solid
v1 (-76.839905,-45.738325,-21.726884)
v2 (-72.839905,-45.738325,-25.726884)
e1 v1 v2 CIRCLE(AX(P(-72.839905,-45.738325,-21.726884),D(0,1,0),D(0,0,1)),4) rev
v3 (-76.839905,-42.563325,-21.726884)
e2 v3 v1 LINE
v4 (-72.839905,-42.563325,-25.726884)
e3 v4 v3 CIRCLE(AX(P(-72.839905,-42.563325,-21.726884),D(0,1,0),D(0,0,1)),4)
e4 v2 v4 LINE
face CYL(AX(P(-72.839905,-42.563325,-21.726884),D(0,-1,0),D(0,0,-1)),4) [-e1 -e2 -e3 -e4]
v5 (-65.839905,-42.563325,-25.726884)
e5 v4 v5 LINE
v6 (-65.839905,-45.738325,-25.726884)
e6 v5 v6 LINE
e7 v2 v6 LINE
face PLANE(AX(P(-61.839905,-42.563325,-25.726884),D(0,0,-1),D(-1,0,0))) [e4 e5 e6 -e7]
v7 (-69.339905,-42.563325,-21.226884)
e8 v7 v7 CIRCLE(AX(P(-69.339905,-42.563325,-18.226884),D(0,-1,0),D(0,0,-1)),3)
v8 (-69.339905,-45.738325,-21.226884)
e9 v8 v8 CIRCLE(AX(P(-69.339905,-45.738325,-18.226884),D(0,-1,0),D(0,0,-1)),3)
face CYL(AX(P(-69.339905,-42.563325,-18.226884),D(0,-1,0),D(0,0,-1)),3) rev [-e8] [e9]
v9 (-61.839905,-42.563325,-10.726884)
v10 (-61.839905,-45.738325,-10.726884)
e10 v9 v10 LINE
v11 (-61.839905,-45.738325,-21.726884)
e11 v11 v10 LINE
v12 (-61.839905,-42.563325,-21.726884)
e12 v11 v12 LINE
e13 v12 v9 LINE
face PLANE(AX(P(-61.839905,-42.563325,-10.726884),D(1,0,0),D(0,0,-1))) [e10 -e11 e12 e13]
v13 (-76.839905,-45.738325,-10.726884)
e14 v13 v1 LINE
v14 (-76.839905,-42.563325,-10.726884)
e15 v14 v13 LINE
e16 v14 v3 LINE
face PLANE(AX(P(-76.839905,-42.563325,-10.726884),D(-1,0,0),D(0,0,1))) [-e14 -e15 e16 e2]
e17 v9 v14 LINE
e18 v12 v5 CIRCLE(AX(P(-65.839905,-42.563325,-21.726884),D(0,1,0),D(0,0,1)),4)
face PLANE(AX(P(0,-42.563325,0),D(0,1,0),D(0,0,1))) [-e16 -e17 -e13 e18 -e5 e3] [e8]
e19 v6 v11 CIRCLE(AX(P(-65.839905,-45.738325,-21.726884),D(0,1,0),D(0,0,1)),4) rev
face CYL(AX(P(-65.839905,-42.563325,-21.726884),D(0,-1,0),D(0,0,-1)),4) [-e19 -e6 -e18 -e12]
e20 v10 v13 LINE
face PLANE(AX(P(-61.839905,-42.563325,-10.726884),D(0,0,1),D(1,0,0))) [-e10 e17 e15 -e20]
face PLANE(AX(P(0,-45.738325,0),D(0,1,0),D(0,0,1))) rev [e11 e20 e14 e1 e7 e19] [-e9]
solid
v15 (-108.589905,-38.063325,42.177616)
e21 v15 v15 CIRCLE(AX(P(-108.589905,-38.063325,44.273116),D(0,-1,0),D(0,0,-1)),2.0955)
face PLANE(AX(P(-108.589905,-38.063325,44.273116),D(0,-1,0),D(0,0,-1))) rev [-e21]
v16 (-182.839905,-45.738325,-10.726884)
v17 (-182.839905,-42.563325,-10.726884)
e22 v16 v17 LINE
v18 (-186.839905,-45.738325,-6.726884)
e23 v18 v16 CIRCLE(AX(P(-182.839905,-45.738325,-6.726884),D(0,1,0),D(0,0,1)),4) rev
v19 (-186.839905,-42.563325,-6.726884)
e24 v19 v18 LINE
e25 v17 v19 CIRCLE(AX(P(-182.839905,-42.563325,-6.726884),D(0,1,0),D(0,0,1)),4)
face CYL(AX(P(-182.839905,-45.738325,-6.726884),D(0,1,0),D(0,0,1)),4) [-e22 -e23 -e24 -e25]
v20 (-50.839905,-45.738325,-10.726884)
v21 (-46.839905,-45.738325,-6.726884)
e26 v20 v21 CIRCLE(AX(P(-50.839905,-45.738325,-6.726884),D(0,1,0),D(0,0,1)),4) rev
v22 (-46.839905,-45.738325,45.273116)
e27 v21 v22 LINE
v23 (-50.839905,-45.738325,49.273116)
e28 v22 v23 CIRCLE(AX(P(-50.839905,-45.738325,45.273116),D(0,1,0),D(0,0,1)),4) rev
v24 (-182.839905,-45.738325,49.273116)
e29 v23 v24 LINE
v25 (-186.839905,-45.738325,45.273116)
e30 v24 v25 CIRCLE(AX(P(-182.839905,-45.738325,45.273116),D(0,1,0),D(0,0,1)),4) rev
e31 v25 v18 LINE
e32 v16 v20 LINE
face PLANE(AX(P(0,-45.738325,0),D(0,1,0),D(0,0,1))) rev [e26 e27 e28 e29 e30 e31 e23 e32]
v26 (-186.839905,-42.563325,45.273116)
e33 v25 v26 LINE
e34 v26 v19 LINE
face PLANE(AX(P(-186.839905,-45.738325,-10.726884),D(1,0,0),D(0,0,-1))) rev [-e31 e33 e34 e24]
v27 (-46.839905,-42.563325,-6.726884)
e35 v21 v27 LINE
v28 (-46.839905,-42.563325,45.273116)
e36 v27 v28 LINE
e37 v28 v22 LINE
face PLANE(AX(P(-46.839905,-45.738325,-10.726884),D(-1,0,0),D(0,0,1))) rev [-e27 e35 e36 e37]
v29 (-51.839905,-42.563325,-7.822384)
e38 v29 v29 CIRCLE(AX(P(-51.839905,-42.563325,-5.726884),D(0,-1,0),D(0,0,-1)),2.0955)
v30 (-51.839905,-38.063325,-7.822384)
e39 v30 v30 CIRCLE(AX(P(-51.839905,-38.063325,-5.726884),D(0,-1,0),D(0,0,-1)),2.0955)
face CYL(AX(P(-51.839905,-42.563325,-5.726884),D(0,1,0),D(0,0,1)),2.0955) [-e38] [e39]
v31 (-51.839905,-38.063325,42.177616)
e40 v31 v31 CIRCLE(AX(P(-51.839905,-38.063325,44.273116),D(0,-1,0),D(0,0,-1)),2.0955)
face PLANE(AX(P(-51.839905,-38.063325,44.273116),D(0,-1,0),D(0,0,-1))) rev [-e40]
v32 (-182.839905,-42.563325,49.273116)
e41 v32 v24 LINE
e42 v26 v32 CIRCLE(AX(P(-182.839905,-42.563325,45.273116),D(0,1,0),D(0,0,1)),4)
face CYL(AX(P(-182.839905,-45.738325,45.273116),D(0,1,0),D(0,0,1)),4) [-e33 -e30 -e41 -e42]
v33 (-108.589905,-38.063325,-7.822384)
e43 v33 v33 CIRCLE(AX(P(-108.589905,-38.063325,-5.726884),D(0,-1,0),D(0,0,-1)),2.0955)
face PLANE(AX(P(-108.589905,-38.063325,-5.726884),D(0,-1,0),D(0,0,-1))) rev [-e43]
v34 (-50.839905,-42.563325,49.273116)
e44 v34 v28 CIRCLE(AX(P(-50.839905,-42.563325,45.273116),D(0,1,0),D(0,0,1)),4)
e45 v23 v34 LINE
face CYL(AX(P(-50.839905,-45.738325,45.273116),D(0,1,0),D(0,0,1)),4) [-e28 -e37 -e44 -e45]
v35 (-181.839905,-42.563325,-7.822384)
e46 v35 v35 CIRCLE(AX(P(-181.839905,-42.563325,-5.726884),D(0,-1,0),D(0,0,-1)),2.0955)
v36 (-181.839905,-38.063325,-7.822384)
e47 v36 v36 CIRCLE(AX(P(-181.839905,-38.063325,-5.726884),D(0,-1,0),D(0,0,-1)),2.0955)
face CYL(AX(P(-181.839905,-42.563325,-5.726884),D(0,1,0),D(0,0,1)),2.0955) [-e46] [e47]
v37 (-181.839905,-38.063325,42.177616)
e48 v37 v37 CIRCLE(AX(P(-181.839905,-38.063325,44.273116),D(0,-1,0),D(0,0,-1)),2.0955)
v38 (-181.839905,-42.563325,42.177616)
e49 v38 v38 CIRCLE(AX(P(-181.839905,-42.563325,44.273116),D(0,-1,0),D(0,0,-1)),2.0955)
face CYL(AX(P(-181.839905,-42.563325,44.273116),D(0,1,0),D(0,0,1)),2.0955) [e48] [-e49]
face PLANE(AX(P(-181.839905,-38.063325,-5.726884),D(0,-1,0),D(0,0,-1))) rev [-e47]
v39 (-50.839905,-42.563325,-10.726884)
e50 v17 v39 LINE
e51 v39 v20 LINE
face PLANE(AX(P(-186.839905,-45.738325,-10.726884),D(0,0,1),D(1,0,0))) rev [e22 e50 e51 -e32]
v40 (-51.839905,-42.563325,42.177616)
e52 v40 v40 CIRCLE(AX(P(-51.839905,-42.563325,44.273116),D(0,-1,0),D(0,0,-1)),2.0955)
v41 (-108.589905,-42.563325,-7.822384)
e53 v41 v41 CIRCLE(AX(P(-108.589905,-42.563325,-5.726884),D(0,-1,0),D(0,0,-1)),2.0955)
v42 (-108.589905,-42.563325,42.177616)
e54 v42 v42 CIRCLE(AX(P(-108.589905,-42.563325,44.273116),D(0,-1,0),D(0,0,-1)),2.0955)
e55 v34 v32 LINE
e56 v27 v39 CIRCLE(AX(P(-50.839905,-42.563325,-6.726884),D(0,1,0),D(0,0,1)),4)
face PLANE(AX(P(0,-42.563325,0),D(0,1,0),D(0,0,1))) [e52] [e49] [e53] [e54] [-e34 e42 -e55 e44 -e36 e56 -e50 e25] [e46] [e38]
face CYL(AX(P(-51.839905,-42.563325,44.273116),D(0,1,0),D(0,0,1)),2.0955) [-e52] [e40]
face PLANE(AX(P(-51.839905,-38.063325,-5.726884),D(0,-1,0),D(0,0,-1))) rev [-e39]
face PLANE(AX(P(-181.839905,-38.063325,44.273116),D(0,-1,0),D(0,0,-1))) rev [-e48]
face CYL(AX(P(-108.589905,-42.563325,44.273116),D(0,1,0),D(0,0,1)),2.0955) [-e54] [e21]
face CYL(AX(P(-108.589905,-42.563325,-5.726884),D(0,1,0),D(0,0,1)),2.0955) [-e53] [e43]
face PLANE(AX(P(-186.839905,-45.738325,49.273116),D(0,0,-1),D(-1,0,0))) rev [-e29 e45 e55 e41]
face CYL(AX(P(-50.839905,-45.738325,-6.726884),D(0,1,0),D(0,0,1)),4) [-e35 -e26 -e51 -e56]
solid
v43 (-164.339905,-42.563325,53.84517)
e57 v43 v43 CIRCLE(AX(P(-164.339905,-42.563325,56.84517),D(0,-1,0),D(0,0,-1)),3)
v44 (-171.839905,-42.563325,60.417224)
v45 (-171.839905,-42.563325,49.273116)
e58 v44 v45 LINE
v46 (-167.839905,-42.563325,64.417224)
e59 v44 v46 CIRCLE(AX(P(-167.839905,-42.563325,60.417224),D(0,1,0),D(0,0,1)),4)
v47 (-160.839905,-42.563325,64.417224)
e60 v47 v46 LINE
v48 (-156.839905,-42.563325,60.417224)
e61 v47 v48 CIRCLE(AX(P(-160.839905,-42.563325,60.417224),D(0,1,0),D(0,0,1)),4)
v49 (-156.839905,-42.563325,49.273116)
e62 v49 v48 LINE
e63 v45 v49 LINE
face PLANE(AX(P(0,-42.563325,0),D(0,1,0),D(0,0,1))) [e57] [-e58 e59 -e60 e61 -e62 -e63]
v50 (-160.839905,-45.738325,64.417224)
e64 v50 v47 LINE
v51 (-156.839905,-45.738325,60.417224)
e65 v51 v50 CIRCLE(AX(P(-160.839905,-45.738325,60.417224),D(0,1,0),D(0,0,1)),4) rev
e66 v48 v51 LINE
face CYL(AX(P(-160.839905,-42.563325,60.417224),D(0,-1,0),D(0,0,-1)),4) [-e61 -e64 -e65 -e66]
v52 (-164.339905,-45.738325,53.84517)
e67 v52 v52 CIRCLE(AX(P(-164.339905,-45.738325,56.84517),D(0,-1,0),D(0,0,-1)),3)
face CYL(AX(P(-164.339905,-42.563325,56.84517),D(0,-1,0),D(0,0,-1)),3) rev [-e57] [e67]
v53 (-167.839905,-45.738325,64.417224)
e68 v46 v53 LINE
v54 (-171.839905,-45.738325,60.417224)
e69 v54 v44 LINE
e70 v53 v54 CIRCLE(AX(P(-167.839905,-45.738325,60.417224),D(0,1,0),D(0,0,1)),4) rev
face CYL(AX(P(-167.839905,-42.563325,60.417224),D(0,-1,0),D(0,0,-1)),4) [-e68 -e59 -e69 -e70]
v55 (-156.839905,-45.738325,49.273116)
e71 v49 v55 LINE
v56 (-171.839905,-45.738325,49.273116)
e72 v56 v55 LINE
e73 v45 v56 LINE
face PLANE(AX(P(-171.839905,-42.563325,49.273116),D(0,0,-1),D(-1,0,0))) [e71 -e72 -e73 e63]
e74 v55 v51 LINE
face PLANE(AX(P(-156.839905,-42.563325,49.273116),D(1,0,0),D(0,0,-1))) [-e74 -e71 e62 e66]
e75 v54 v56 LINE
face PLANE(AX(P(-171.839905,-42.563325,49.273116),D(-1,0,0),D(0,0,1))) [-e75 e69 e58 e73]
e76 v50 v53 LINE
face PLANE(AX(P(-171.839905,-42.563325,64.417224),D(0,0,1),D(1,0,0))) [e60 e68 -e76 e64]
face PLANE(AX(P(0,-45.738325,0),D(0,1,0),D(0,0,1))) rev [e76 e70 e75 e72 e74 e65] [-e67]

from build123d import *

# Parameters (mm, degrees)
SKETCH1_R             = 2.0955
BOSS_EXTRUDE1_DEPTH   = 4.5
BOSS_EXTRUDE1_2_DEPTH = 4.5
BOSS_EXTRUDE1_3_DEPTH = 4.5
BOSS_EXTRUDE1_4_DEPTH = 4.5
BOSS_EXTRUDE1_5_DEPTH = 4.5
BOSS_EXTRUDE1_6_DEPTH = 4.5
SKETCH2_W             = 140
SKETCH2_H             = 60
BOSS_EXTRUDE2_DEPTH   = 3.175
FILLET1_R             = 4
SKETCH3_W             = 15
SKETCH3_H             = 15.144108324
SKETCH3_R             = 3
BOSS_EXTRUDE3_DEPTH   = 3.175
SKETCH3_H_2           = 15
BOSS_EXTRUDE3_2_DEPTH = 3.175
FILLET2_R             = 4
FILLET3_R             = 4


with BuildPart() as part:
    # Sketch1 → Boss-Extrude1 (new body)
    with BuildSketch(Plane.XZ.offset(38.063324544)):
        with Locations(Location((-181.839905385, -5.726884341, 0), (0, 0, 270))):
            Circle(SKETCH1_R)
    extrude(amount=BOSS_EXTRUDE1_DEPTH)



with BuildPart() as body_2:
    # Sketch1 → Boss-Extrude1 2 (new body)
    with BuildSketch(Plane.XZ.offset(38.063324544)):
        with Locations(Location((-108.589905385, -5.726884341, 0), (0, 0, 270))):
            Circle(SKETCH1_R)
    extrude(amount=BOSS_EXTRUDE1_2_DEPTH)


with BuildPart() as body_3:
    # Sketch1 → Boss-Extrude1 3 (new body)
    with BuildSketch(Plane.XZ.offset(38.063324544)):
        with Locations(Location((-51.839905385, -5.726884341, 0), (0, 0, 270))):
            Circle(SKETCH1_R)
    extrude(amount=BOSS_EXTRUDE1_3_DEPTH)


with BuildPart() as body_4:
    # Sketch1 → Boss-Extrude1 4 (new body)
    with BuildSketch(Plane.XZ.offset(38.063324544)):
        with Locations(Location((-51.839905385, 44.273115659, 0), (0, 0, 270))):
            Circle(SKETCH1_R)
    extrude(amount=BOSS_EXTRUDE1_4_DEPTH)


with BuildPart() as body_5:
    # Sketch1 → Boss-Extrude1 5 (new body)
    with BuildSketch(Plane.XZ.offset(38.063324544)):
        with Locations(Location((-108.589905385, 44.273115659, 0), (0, 0, 270))):
            Circle(SKETCH1_R)
    extrude(amount=BOSS_EXTRUDE1_5_DEPTH)


with BuildPart() as body_6:
    # Sketch1 → Boss-Extrude1 6 (new body)
    with BuildSketch(Plane.XZ.offset(38.063324544)):
        with Locations(Location((-181.839905385, 44.273115659, 0), (0, 0, 270))):
            Circle(SKETCH1_R)
    extrude(amount=BOSS_EXTRUDE1_6_DEPTH)


with BuildPart() as part_1:
    add(part.part)

    add(body_2.part)  # Boss-Extrude2 merges body 2

    add(body_3.part)  # Boss-Extrude2 merges body 3

    add(body_4.part)  # Boss-Extrude2 merges body 4

    add(body_5.part)  # Boss-Extrude2 merges body 5

    add(body_6.part)  # Boss-Extrude2 merges body 6
    # Sketch2 → Boss-Extrude2 (add)
    with BuildSketch(Plane.XZ.offset(42.563324544)):
        with Locations((-116.839905385, 19.273115659)):
            Rectangle(SKETCH2_W, SKETCH2_H)
    extrude(amount=BOSS_EXTRUDE2_DEPTH)

    # Fillet1
    fillet1_edges = [part_1.edges().sort_by_distance(p)[0] for p in [
        (-46.839905385, -44.150824544, -10.726884341),
        (-46.839905385, -44.150824544, 49.273115659),
        (-186.839905385, -44.150824544, 49.273115659),
        (-186.839905385, -44.150824544, -10.726884341),
    ]]
    fillet(fillet1_edges, radius=FILLET1_R)


with BuildPart() as body_2_2:
    # Sketch3 → Boss-Extrude3 (new body)
    with BuildSketch(Plane.XZ.offset(45.738324544)):
        with Locations((-164.339905385, 56.845169821)):
            Rectangle(SKETCH3_W, SKETCH3_H)
        with Locations(Location((-164.339905385, 56.845169821, 0), (0, 0, 270))):
            Circle(SKETCH3_R, mode=Mode.SUBTRACT)
    extrude(amount=-BOSS_EXTRUDE3_DEPTH)

    # Fillet2
    fillet2_edges = [body_2_2.edges().sort_by_distance(p)[0] for p in [
        (-171.839905385, -44.150824544, 64.417223983),
        (-156.839905385, -44.150824544, 64.417223983),
    ]]
    fillet(fillet2_edges, radius=FILLET2_R)


with BuildPart() as body_3_2:
    # Sketch3 → Boss-Extrude3 2 (new body)
    with BuildSketch(Plane.XZ.offset(45.738324544)):
        with Locations((-69.339905385, -18.226884341)):
            Rectangle(SKETCH3_W, SKETCH3_H_2)
        with Locations(Location((-69.339905385, -18.226884341, 0), (0, 0, 270))):
            Circle(SKETCH3_R, mode=Mode.SUBTRACT)
    extrude(amount=-BOSS_EXTRUDE3_2_DEPTH)

    # Fillet3
    fillet3_edges = [body_3_2.edges().sort_by_distance(p)[0] for p in [
        (-76.839905385, -44.150824544, -25.726884341),
        (-61.839905385, -44.150824544, -25.726884341),
    ]]
    fillet(fillet3_edges, radius=FILLET3_R)


solid = Compound([part_1.part, body_2_2.part, body_3_2.part])
